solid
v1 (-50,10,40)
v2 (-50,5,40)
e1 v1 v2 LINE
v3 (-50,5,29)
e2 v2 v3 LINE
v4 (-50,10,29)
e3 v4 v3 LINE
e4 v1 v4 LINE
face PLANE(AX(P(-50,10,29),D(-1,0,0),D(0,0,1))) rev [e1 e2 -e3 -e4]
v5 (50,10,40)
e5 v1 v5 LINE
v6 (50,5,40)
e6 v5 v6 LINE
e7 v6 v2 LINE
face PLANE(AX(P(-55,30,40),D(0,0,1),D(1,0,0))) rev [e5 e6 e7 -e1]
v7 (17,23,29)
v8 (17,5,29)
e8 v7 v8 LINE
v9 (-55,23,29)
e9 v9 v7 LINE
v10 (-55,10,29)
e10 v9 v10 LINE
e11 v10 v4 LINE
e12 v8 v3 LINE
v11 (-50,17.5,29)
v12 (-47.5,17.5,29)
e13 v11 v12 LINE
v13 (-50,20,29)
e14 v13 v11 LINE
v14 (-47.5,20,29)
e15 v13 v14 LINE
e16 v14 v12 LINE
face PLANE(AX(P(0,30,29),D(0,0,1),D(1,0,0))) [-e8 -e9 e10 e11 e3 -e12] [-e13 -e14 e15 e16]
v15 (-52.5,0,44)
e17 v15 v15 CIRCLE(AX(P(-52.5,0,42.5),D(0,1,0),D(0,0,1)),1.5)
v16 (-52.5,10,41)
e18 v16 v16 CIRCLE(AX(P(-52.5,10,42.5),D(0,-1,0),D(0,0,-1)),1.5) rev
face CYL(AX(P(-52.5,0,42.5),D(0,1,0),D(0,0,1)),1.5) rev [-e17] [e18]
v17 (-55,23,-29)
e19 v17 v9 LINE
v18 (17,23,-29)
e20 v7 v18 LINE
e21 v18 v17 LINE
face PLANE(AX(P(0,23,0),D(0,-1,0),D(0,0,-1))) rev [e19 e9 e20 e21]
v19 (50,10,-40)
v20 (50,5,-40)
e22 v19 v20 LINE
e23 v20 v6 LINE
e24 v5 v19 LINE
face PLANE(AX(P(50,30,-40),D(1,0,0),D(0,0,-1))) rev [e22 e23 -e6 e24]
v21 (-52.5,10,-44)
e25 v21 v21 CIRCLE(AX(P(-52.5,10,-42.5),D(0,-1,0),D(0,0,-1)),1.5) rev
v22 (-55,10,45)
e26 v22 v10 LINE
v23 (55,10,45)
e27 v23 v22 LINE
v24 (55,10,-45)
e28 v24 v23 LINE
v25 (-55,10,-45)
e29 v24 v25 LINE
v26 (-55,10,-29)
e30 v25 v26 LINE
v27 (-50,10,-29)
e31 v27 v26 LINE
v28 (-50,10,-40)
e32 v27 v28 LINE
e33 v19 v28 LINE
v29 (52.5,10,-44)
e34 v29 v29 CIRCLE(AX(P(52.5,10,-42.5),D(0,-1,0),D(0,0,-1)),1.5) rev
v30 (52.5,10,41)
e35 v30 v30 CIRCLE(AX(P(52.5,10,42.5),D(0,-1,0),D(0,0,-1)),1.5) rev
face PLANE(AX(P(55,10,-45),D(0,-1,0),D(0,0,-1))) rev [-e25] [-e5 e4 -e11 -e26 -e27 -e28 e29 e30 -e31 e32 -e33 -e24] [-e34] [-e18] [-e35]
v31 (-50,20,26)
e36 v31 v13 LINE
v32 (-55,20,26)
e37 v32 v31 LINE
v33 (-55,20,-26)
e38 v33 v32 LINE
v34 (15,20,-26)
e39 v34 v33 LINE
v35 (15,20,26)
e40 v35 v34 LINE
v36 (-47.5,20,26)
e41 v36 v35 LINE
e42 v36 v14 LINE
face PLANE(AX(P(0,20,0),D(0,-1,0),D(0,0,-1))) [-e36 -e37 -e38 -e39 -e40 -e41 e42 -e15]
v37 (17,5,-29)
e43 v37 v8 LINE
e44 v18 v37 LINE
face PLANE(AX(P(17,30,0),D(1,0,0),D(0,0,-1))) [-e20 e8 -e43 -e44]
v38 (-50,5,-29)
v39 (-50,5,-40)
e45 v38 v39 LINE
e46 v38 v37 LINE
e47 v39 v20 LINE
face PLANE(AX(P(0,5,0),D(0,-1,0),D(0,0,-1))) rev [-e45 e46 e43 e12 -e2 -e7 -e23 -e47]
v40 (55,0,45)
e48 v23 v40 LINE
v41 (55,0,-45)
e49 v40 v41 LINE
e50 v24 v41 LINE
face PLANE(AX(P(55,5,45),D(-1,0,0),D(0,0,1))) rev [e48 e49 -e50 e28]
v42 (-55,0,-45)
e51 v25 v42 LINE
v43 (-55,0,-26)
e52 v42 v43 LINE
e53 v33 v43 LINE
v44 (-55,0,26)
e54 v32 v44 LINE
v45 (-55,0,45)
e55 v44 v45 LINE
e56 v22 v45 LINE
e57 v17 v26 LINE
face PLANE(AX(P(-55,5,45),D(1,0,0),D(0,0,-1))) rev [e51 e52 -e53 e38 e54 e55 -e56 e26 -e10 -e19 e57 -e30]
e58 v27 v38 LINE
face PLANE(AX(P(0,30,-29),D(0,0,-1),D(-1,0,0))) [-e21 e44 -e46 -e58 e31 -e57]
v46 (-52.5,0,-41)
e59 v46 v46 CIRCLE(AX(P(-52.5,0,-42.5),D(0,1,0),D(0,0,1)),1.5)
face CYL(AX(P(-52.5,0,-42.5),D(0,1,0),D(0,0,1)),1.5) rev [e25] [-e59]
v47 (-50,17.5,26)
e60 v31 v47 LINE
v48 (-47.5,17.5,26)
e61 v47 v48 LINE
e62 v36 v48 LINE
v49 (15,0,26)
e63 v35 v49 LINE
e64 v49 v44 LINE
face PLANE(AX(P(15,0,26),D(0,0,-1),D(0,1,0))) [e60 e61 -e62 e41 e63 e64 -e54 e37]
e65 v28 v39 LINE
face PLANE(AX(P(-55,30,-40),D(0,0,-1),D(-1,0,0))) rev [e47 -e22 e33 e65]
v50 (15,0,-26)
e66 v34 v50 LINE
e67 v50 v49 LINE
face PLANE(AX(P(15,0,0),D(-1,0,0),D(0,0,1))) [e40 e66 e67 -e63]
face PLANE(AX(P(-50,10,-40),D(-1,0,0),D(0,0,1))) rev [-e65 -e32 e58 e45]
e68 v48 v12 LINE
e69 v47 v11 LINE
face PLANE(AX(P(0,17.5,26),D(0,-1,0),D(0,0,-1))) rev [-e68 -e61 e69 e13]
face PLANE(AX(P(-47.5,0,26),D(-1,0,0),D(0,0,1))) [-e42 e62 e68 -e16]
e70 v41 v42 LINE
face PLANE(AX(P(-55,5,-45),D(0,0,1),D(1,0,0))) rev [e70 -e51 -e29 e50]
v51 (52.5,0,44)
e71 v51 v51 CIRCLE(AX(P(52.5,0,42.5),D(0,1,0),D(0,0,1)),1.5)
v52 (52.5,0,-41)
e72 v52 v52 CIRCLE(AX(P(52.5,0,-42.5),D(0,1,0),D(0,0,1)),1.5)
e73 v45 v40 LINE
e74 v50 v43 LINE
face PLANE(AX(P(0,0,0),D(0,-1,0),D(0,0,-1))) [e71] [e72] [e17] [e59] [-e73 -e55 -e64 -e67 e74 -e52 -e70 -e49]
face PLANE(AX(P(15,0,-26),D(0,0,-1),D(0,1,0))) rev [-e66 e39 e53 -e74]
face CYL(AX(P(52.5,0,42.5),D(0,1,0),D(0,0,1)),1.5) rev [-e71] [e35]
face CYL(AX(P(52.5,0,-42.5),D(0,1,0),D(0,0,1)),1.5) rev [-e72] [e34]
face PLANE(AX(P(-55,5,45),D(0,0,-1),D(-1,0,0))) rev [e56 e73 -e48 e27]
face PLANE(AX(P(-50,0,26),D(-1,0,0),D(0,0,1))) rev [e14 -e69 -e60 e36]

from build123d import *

# Parameters (mm, degrees)
SKETCH1_W            = 110
SKETCH1_H            = 90
BOSS_EXTRUDE2_DEPTH  = 5
SKETCH2_W            = 110
SKETCH2_H            = 5
BOSS_EXTRUDE4_DEPTH  = 25
SKETCH3_W            = 110
SKETCH3_H            = 5
BOSS_EXTRUDE5_DEPTH  = 25
SKETCH5_W            = 5
SKETCH5_H            = 80
BOSS_EXTRUDE6_DEPTH  = 25
SKETCH8_W            = 72
SKETCH8_H            = 58
BOSS_EXTRUDE7_DEPTH  = 25
SKETCH10_W           = 52
SKETCH10_H           = 20.115523146
CUT_EXTRUDE1_DEPTH   = 70
SKETCH11_W           = 90
SKETCH11_H           = 7
CUT_EXTRUDE2_DEPTH   = 110
SKETCH12_R           = 1.5
CUT_EXTRUDE3_DEPTH   = 23
SKETCH13_R           = 1.5
CUT_EXTRUDE4_DEPTH   = 23
SKETCH14_R           = 1.5
CUT_EXTRUDE5_DEPTH   = 23
SKETCH15_R           = 1.5
CUT_EXTRUDE6_DEPTH   = 23
SKETCH18_W           = 5
SKETCH18_H           = 13
CUT_EXTRUDE7_DEPTH   = 110
SKETCH19_W           = 5
SKETCH19_H           = 13
CUT_EXTRUDE13_DEPTH  = 85
SKETCH26_W           = 5
SKETCH26_H           = 13
CUT_EXTRUDE17_DEPTH  = 105
SKETCH29_W           = 5
SKETCH29_H           = 11
BOSS_EXTRUDE14_DEPTH = 5
SKETCH30_W           = 5
SKETCH30_H           = 11
BOSS_EXTRUDE15_DEPTH = 5
SKETCH34_W           = 2.5
SKETCH34_H           = 2.5
CUT_EXTRUDE18_DEPTH  = 3
SKETCH37_W           = 72
SKETCH37_H           = 13
CUT_EXTRUDE20_DEPTH  = 58
SKETCH39_W           = 72
SKETCH39_H           = 3
BOSS_EXTRUDE17_DEPTH = 13
SKETCH41_W           = 2
SKETCH41_H           = 55
BOSS_EXTRUDE18_DEPTH = 13
SKETCH43_W           = 70
SKETCH43_H           = 3
BOSS_EXTRUDE19_DEPTH = 13
SKETCH44_W           = 70
SKETCH44_H           = 52
BOSS_EXTRUDE22_DEPTH = 3
SKETCH55_W           = 2.5
SKETCH55_H           = 2.5
CUT_EXTRUDE25_DEPTH  = 3


with BuildPart() as part:
    # Sketch1 → Boss-Extrude2 (new body)
    with BuildSketch(Plane(origin=(0, 0, 0), x_dir=(1, 0, 0), z_dir=(0, 1, 0))):
        Rectangle(SKETCH1_W, SKETCH1_H)
    extrude(amount=BOSS_EXTRUDE2_DEPTH)

    # Sketch2 → Boss-Extrude4 (add)
    with BuildSketch(Plane(origin=(0, 5, 0), x_dir=(1, 0, 0), z_dir=(0, 1, 0))):
        with Locations((0, 42.5)):
            Rectangle(SKETCH2_W, SKETCH2_H)
    extrude(amount=BOSS_EXTRUDE4_DEPTH)

    # Sketch3 → Boss-Extrude5 (add)
    with BuildSketch(Plane(origin=(0, 5, 0), x_dir=(1, 0, 0), z_dir=(0, 1, 0))):
        with Locations((0, -42.5)):
            Rectangle(SKETCH3_W, SKETCH3_H)
    extrude(amount=BOSS_EXTRUDE5_DEPTH)

    # Sketch5 → Boss-Extrude6 (add)
    with BuildSketch(Plane(origin=(0, 5, 0), x_dir=(1, 0, 0), z_dir=(0, 1, 0))):
        with Locations((52.5, 0)):
            Rectangle(SKETCH5_W, SKETCH5_H)
    extrude(amount=BOSS_EXTRUDE6_DEPTH)

    # Sketch8 → Boss-Extrude7 (add)
    with BuildSketch(Plane(origin=(0, 5, 0), x_dir=(1, 0, 0), z_dir=(0, 1, 0))):
        with Locations((-19, 0)):
            Rectangle(SKETCH8_W, SKETCH8_H)
    extrude(amount=BOSS_EXTRUDE7_DEPTH)

    # Sketch10 → Cut-Extrude1 (cut)
    with BuildSketch(Plane.ZY.offset(55)):
        with Locations((0, 10.057761573)):
            Rectangle(SKETCH10_W, SKETCH10_H)
    extrude(amount=-CUT_EXTRUDE1_DEPTH, mode=Mode.SUBTRACT)

    # Sketch11 → Cut-Extrude2 (cut)
    with BuildSketch(Plane.ZY.offset(55)):
        with Locations((0, 26.5)):
            Rectangle(SKETCH11_W, SKETCH11_H)
    extrude(amount=-CUT_EXTRUDE2_DEPTH, mode=Mode.SUBTRACT)

    # Sketch12 → Cut-Extrude3 (cut)
    with BuildSketch(Plane(origin=(0, 23, 0), x_dir=(1, 0, 0), z_dir=(0, 1, 0))):
        with Locations((52.5, -42.5)):
            Circle(SKETCH12_R)
    extrude(amount=-CUT_EXTRUDE3_DEPTH, mode=Mode.SUBTRACT)

    # Sketch13 → Cut-Extrude4 (cut)
    with BuildSketch(Plane(origin=(0, 23, 0), x_dir=(1, 0, 0), z_dir=(0, 1, 0))):
        with Locations((-52.5, -42.5)):
            Circle(SKETCH13_R)
    extrude(amount=-CUT_EXTRUDE4_DEPTH, mode=Mode.SUBTRACT)

    # Sketch14 → Cut-Extrude5 (cut)
    with BuildSketch(Plane(origin=(0, 23, 0), x_dir=(1, 0, 0), z_dir=(0, 1, 0))):
        with Locations((52.5, 42.5)):
            Circle(SKETCH14_R)
    extrude(amount=-CUT_EXTRUDE5_DEPTH, mode=Mode.SUBTRACT)

    # Sketch15 → Cut-Extrude6 (cut)
    with BuildSketch(Plane(origin=(0, 23, 0), x_dir=(1, 0, 0), z_dir=(0, 1, 0))):
        with Locations((-52.5, 42.5)):
            Circle(SKETCH15_R)
    extrude(amount=-CUT_EXTRUDE6_DEPTH, mode=Mode.SUBTRACT)

    # Sketch18 → Cut-Extrude7 (cut)
    with BuildSketch(Plane.ZY.offset(55)):
        with Locations((-42.5, 16.5)):
            Rectangle(SKETCH18_W, SKETCH18_H)
    extrude(amount=-CUT_EXTRUDE7_DEPTH, mode=Mode.SUBTRACT)

    # Sketch19 → Cut-Extrude13 (cut)
    with BuildSketch(Plane(origin=(0, 0, -40), x_dir=(-1, 0, 0), z_dir=(0, 0, -1))):
        with Locations((-52.5, 16.5)):
            Rectangle(SKETCH19_W, SKETCH19_H)
    extrude(amount=-CUT_EXTRUDE13_DEPTH, mode=Mode.SUBTRACT)

    # Sketch26 → Cut-Extrude17 (cut)
    with BuildSketch(Plane(origin=(50, 0, 0), x_dir=(0, 0, -1), z_dir=(1, 0, 0))):
        with Locations((-42.5, 16.5)):
            Rectangle(SKETCH26_W, SKETCH26_H)
    extrude(amount=-CUT_EXTRUDE17_DEPTH, mode=Mode.SUBTRACT)

    # Sketch29 → Boss-Extrude14 (add)
    with BuildSketch(Plane(origin=(0, 5, 0), x_dir=(1, 0, 0), z_dir=(0, 1, 0))):
        with Locations((-52.5, 34.5)):
            Rectangle(SKETCH29_W, SKETCH29_H)
    extrude(amount=BOSS_EXTRUDE14_DEPTH)

    # Sketch30 → Boss-Extrude15 (add)
    with BuildSketch(Plane(origin=(0, 5, 0), x_dir=(1, 0, 0), z_dir=(0, 1, 0))):
        with Locations((-52.5, -34.5)):
            Rectangle(SKETCH30_W, SKETCH30_H)
    extrude(amount=BOSS_EXTRUDE15_DEPTH)

    # Sketch34 → Cut-Extrude18 (cut)
    with BuildSketch(Plane.XY.offset(29)):
        with Locations((-48.75, 18.75)):
            Rectangle(SKETCH34_W, SKETCH34_H)
    extrude(amount=-CUT_EXTRUDE18_DEPTH, mode=Mode.SUBTRACT)

    # Sketch37 → Cut-Extrude20 (cut)
    with BuildSketch(Plane.XY.offset(29)):
        with Locations((-19, 16.5)):
            Rectangle(SKETCH37_W, SKETCH37_H)
    extrude(amount=-CUT_EXTRUDE20_DEPTH, mode=Mode.SUBTRACT)

    # Sketch39 → Boss-Extrude17 (add)
    with BuildSketch(Plane(origin=(0, 10, 0), x_dir=(1, 0, 0), z_dir=(0, 1, 0))):
        with Locations((-19, 27.5)):
            Rectangle(SKETCH39_W, SKETCH39_H)
    extrude(amount=BOSS_EXTRUDE17_DEPTH)

    # Sketch41 → Boss-Extrude18 (add)
    with BuildSketch(Plane(origin=(0, 10, 0), x_dir=(1, 0, 0), z_dir=(0, 1, 0))):
        with Locations((16, -1.5)):
            Rectangle(SKETCH41_W, SKETCH41_H)
    extrude(amount=BOSS_EXTRUDE18_DEPTH)

    # Sketch43 → Boss-Extrude19 (add)
    with BuildSketch(Plane(origin=(0, 10, 0), x_dir=(1, 0, 0), z_dir=(0, 1, 0))):
        with Locations((-20, -27.5)):
            Rectangle(SKETCH43_W, SKETCH43_H)
    extrude(amount=BOSS_EXTRUDE19_DEPTH)

    # Sketch44 → Boss-Extrude22 (add)
    with BuildSketch(Plane(origin=(0, 23, 0), x_dir=(1, 0, 0), z_dir=(0, 1, 0))):
        with Locations((-20, 0)):
            Rectangle(SKETCH44_W, SKETCH44_H)
    extrude(amount=-BOSS_EXTRUDE22_DEPTH)

    # Sketch55 → Cut-Extrude25 (cut)
    with BuildSketch(Plane.XY.offset(29)):
        with Locations((-48.75, 18.75)):
            Rectangle(SKETCH55_W, SKETCH55_H)
    extrude(amount=-CUT_EXTRUDE25_DEPTH, mode=Mode.SUBTRACT)


solid = part.part
